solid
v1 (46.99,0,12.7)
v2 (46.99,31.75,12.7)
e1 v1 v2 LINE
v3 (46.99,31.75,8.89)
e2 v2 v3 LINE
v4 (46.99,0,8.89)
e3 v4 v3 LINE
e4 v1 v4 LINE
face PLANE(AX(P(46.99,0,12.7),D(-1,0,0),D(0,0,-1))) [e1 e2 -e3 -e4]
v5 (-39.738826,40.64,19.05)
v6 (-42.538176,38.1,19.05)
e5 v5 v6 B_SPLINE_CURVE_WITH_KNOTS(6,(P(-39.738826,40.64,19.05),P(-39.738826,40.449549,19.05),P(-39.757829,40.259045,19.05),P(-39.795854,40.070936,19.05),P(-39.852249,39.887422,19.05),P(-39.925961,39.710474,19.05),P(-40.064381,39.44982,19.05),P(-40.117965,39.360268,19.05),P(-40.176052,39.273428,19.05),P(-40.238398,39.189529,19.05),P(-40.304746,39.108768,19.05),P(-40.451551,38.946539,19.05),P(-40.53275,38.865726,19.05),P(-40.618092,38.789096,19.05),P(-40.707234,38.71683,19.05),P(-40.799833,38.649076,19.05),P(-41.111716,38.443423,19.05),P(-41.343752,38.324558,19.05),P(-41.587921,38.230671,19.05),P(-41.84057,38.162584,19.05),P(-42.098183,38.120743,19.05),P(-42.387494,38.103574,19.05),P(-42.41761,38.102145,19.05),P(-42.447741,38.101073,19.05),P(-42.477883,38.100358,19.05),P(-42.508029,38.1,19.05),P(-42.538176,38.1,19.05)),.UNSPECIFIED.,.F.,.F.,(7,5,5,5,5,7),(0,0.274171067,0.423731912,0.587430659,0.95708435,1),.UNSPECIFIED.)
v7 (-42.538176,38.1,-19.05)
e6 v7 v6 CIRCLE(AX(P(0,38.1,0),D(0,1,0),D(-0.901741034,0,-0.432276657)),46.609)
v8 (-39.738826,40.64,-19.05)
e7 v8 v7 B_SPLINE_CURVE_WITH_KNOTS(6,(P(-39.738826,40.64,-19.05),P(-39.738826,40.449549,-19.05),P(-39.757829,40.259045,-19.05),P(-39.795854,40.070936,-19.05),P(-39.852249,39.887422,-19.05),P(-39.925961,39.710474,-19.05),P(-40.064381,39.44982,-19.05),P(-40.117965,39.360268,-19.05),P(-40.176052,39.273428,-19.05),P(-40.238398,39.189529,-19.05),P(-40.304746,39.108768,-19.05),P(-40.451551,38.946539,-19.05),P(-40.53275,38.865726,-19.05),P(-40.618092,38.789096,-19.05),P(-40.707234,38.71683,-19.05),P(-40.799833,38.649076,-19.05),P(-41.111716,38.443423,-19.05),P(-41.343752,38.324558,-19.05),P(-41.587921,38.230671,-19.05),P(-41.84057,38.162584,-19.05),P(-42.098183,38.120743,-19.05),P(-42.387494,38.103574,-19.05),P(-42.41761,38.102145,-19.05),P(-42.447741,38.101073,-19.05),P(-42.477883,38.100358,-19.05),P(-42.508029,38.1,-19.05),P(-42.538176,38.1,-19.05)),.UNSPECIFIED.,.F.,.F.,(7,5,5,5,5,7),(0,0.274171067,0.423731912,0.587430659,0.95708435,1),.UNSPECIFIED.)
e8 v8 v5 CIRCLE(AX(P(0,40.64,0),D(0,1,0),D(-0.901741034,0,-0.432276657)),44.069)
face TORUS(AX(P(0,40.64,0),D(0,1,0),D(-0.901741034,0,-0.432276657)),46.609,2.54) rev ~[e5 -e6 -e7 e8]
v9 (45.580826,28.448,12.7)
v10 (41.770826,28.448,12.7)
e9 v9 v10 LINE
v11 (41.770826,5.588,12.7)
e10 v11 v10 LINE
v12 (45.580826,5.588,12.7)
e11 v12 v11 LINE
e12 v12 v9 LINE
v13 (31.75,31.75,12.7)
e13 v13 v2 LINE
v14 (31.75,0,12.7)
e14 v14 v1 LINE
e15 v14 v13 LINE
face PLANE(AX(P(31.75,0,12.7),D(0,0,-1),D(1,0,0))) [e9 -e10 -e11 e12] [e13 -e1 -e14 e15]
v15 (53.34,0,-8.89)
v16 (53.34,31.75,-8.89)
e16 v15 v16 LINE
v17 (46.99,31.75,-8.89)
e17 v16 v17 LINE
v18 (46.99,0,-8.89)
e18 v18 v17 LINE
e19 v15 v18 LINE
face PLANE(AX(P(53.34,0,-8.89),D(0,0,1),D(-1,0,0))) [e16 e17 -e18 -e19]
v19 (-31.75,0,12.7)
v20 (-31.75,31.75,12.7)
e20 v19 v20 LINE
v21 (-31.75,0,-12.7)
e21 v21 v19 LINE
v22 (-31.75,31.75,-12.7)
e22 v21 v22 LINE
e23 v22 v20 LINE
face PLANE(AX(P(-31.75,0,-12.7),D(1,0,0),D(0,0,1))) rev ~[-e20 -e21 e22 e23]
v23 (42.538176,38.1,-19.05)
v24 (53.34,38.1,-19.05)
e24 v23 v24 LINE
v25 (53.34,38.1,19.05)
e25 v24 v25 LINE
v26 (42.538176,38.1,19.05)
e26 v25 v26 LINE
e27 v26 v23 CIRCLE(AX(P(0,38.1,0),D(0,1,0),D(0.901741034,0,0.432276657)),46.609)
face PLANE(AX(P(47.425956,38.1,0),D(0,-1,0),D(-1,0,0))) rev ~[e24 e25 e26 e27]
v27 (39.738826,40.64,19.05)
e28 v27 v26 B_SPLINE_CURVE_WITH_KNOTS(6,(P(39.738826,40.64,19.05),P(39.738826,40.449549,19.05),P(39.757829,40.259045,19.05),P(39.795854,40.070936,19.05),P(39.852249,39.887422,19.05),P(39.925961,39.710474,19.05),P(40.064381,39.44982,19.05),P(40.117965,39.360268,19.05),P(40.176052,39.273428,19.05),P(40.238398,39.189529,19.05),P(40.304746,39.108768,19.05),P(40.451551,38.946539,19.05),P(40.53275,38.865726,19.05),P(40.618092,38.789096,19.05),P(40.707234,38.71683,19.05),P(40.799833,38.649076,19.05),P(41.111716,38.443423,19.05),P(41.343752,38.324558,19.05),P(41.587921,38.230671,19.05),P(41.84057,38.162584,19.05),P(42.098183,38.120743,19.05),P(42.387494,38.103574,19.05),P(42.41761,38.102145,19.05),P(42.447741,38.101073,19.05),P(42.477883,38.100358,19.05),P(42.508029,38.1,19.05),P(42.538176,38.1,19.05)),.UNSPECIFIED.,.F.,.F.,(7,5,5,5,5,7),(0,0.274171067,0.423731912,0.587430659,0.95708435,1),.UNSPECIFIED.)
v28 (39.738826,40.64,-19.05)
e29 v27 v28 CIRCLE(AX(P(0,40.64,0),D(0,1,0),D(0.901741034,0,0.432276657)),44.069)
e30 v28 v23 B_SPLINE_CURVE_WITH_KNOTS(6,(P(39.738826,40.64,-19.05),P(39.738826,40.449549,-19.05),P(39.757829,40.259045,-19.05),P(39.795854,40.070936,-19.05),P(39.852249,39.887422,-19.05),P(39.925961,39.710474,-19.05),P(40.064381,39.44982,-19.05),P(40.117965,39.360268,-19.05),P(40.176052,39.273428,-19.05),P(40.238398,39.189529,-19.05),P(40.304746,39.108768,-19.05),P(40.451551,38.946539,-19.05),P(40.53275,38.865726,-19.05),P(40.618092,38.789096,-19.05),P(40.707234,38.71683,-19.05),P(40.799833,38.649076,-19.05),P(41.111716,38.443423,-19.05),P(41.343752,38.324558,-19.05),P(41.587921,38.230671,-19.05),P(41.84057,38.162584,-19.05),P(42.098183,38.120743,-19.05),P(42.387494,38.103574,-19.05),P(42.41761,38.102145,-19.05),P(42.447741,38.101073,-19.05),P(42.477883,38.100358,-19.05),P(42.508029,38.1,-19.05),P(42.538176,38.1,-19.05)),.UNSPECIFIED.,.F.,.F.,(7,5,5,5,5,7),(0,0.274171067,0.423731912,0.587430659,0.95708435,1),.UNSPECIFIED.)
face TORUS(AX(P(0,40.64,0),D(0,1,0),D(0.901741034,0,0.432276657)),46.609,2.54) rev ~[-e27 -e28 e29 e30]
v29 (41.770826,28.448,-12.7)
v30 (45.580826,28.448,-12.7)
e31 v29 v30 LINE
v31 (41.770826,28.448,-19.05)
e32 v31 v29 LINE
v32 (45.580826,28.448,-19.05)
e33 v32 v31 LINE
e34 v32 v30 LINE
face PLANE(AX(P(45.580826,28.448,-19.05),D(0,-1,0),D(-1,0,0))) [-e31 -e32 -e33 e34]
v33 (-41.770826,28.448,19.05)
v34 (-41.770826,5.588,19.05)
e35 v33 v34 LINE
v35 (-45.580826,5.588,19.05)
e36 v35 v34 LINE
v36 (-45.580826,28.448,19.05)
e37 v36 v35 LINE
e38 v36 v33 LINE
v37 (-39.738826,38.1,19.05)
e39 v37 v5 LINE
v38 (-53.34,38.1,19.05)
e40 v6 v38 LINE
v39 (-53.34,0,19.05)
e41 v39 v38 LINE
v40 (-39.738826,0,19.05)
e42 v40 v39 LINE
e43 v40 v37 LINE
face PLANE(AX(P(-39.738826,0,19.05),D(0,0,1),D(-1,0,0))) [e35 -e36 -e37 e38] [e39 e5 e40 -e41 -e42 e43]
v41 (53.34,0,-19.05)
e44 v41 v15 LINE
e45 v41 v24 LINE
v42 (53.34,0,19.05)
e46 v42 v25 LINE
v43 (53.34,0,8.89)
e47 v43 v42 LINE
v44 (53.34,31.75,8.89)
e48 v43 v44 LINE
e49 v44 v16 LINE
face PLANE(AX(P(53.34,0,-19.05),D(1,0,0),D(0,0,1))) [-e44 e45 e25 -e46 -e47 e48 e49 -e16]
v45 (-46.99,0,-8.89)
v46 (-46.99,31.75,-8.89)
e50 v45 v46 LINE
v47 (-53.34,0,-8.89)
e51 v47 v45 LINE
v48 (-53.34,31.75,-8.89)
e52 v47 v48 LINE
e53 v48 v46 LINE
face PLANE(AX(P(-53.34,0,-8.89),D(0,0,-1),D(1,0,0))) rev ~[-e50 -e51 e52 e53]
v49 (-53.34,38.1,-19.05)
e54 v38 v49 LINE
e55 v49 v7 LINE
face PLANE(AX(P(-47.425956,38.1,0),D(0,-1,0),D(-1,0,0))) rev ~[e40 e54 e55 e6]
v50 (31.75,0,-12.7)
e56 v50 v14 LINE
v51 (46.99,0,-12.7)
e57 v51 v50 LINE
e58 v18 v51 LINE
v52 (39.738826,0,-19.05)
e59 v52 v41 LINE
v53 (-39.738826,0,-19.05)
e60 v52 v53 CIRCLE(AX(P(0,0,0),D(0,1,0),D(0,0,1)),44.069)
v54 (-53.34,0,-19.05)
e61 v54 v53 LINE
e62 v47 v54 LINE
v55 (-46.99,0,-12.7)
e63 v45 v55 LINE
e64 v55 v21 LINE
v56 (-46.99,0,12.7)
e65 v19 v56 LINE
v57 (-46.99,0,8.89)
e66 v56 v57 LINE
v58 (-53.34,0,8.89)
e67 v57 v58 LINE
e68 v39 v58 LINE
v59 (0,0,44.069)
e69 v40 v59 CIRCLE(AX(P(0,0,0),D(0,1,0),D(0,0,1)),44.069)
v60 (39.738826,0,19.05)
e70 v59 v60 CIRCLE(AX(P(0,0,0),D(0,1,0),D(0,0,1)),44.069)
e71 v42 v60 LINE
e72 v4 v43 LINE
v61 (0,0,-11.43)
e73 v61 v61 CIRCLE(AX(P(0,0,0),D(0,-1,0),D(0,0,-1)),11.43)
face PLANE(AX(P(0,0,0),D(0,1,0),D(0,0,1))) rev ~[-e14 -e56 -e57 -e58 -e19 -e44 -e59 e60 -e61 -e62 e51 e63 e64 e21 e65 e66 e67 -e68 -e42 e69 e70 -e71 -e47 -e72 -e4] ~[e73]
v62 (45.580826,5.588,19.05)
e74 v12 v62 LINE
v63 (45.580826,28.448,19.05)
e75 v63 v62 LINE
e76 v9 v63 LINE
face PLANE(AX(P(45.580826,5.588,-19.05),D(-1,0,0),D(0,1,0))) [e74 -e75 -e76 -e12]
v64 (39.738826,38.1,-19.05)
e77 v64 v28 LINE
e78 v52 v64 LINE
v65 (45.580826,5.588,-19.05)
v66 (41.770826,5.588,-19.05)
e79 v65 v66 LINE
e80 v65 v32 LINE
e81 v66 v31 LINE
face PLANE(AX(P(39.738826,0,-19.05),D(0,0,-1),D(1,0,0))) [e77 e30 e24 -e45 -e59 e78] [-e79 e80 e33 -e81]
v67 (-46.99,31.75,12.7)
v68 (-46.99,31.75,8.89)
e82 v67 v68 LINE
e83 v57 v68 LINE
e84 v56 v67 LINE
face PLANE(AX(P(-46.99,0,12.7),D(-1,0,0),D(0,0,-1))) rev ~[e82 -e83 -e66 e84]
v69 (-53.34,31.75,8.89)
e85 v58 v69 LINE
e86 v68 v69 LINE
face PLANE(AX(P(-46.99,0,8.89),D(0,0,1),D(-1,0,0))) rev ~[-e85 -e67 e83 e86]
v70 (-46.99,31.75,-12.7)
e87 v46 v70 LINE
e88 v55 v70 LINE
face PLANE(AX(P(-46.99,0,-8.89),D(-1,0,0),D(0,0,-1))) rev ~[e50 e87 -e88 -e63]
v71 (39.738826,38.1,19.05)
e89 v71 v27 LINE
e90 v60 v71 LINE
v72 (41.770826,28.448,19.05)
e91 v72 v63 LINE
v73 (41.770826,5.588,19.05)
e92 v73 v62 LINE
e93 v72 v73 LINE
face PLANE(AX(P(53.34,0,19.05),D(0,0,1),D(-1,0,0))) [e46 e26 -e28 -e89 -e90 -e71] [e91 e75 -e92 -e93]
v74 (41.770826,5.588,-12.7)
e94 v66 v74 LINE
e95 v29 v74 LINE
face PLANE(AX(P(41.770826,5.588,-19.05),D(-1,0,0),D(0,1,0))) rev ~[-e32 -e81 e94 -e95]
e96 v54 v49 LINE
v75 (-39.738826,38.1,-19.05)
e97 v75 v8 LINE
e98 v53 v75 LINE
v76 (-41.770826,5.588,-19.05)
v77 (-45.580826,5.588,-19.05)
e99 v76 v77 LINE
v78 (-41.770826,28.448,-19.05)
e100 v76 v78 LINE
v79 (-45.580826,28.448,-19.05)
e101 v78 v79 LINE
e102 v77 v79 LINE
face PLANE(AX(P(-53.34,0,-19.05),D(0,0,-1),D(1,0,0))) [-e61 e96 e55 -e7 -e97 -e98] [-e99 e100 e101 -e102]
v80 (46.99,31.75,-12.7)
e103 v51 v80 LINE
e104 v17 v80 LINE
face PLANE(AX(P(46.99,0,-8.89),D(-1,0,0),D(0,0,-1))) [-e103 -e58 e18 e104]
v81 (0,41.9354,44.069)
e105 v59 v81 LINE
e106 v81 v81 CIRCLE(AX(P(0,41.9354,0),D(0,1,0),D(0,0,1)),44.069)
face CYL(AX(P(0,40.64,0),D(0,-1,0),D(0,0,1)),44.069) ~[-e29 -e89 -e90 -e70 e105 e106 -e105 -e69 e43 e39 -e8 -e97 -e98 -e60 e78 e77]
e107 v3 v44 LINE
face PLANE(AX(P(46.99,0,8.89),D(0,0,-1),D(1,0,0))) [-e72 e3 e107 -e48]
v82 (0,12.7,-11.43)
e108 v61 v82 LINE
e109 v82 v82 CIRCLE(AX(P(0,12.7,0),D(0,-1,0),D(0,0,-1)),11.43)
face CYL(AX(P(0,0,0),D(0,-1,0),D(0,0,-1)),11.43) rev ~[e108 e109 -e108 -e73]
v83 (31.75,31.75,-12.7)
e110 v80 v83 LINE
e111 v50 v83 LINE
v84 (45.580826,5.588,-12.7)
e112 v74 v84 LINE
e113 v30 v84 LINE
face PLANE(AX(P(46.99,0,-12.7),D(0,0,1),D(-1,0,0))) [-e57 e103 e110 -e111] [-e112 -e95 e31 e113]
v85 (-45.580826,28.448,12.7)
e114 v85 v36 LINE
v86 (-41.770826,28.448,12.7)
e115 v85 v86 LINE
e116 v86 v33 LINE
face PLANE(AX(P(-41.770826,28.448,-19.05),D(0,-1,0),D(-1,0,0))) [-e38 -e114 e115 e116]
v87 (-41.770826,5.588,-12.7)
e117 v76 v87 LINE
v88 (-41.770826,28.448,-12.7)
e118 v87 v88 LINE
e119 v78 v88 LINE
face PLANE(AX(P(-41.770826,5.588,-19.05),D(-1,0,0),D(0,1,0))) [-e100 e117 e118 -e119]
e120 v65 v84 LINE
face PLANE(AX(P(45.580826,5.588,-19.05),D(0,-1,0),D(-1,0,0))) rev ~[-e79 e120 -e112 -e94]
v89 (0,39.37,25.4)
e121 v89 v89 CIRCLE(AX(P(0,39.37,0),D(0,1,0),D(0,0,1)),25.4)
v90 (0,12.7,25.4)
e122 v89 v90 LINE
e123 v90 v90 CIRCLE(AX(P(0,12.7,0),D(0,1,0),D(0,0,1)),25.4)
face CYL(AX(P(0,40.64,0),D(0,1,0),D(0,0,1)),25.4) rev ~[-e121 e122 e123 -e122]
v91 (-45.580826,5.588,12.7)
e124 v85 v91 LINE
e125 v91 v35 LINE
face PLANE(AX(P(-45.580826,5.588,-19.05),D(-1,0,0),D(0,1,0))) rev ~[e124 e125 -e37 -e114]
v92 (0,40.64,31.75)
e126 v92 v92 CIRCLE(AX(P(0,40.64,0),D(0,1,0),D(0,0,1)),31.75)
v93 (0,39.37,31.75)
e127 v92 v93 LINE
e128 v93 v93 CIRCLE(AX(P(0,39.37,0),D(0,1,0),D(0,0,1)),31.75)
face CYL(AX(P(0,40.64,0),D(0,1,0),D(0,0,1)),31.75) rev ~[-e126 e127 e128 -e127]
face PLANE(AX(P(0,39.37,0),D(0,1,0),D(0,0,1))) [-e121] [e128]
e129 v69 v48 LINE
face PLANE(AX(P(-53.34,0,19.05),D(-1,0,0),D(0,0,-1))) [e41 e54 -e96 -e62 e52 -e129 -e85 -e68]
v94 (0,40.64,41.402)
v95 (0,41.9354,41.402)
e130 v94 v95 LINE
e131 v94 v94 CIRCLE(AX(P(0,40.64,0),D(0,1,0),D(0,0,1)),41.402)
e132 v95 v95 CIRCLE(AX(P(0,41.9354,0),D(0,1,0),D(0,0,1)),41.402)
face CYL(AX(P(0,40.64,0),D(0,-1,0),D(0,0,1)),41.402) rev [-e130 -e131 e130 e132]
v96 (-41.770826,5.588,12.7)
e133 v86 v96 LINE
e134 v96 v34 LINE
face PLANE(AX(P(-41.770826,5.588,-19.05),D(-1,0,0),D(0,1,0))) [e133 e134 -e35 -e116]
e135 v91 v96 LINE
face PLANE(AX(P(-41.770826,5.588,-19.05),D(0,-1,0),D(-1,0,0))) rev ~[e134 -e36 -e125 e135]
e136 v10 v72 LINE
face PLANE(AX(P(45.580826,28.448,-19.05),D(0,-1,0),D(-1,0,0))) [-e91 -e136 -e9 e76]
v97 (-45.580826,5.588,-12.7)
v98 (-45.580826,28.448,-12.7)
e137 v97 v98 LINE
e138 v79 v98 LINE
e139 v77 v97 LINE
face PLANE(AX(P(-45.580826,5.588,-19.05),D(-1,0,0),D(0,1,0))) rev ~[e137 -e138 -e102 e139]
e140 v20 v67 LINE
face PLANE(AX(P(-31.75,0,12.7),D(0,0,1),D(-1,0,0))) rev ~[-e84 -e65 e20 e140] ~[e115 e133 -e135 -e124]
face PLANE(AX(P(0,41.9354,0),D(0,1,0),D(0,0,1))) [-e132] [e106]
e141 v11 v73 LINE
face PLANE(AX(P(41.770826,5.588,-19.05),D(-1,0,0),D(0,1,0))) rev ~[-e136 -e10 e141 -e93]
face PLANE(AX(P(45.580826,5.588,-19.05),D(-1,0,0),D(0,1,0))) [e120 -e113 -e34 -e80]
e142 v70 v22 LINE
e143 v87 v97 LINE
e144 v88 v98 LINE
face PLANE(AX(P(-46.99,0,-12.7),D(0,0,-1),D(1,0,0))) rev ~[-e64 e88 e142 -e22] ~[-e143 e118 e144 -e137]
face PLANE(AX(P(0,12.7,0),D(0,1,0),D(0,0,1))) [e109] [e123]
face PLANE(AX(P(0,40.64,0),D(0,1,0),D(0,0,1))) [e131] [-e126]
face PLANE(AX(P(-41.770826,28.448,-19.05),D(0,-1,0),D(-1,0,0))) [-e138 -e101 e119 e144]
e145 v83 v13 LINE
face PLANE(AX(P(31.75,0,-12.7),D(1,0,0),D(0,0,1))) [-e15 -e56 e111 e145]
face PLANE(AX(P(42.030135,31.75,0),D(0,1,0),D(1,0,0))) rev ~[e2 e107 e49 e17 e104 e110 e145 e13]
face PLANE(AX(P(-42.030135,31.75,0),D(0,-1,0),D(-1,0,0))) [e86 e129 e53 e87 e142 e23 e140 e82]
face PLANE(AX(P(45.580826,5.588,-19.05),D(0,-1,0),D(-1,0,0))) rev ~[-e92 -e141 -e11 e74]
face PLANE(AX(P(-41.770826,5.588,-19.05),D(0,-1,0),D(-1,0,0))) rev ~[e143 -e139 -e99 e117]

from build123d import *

# Parameters (mm, degrees)
SKETCH1_R           = 44.069
BOSS_EXTRUDE1_DEPTH = 40.64
SKETCH2_R           = 44.069
SKETCH2_R_2         = 41.402
BOSS_EXTRUDE2_DEPTH = 1.2954
BOSS_EXTRUDE3_DEPTH = 38.1
CUT_EXTRUDE1_DEPTH  = 31.75
SKETCH5_W           = 3.81
SKETCH5_H           = 22.86
CUT_EXTRUDE2_DEPTH  = 93.670068167
FILLET1_R           = 2.54
SKETCH7_R           = 25.4
CUT_EXTRUDE3_DEPTH  = 27.94
SKETCH8_R           = 11.43
CUT_EXTRUDE4_DEPTH  = 81.906181129
SKETCH9_R           = 31.75
CUT_EXTRUDE5_DEPTH  = 1.27


with BuildPart() as part:
    # Sketch1 → Boss-Extrude1 (new body)
    with BuildSketch(Plane(origin=(0, 0, 0), x_dir=(1, 0, 0), z_dir=(0, 1, 0))):
        with Locations(Location((0, 0, 0), (0, 0, 270))):
            Circle(SKETCH1_R)
    extrude(amount=BOSS_EXTRUDE1_DEPTH)

    # Sketch2 → Boss-Extrude2 (add)
    with BuildSketch(Plane(origin=(0, 40.64, 0), x_dir=(1, 0, 0), z_dir=(0, 1, 0))):
        with Locations(Location((0, 0, 0), (0, 0, 270))):
            Circle(SKETCH2_R)
        with Locations(Location((0, 0, 0), (0, 0, 270))):
            Circle(SKETCH2_R_2, mode=Mode.SUBTRACT)
    extrude(amount=BOSS_EXTRUDE2_DEPTH)

    # Sketch3 → Boss-Extrude3 (add)
    with BuildSketch(Plane(origin=(0, 0, 0), x_dir=(1, 0, 0), z_dir=(0, 1, 0))):
        with BuildLine():
            ThreePointArc((39.738825612, -19.05), (44.069, 0), (39.738825612, 19.05))
            Line((39.738825612, 19.05), (53.34, 19.05))
            Line((53.34, 19.05), (53.34, -19.05))
            Line((53.34, -19.05), (39.738825612, -19.05))
        make_face()
        with BuildLine():
            ThreePointArc((-39.738825612, 19.05), (-44.069, 0), (-39.738825612, -19.05))
            Line((-39.738825612, -19.05), (-53.34, -19.05))
            Line((-53.34, -19.05), (-53.34, 19.05))
            Line((-53.34, 19.05), (-39.738825612, 19.05))
        make_face()
    extrude(amount=BOSS_EXTRUDE3_DEPTH)

    # Sketch4 → Cut-Extrude1 (cut)
    with BuildSketch(Plane(origin=(0, 0, 0), x_dir=(1, 0, 0), z_dir=(0, 1, 0))):
        Polygon((-53.34, -8.89), (-53.34, 8.89), (-46.99, 8.89), (-46.99, 12.7), (-31.75, 12.7), (-31.75, -12.7), (-46.99, -12.7), (-46.99, -8.89), align=None)
        Polygon((46.99, -12.7), (46.99, -8.89), (53.34, -8.89), (53.34, 8.89), (46.99, 8.89), (46.99, 12.7), (31.75, 12.7), (31.75, -12.7), align=None)
    extrude(amount=CUT_EXTRUDE1_DEPTH, mode=Mode.SUBTRACT)

    # Sketch5 → Cut-Extrude2 (cut, through all)
    with BuildSketch(Plane(origin=(0, 0, -19.05), x_dir=(-1, 0, 0), z_dir=(0, 0, -1))):
        with Locations((43.675825612, 17.018)):
            Rectangle(SKETCH5_W, SKETCH5_H)
        with Locations((-43.675825612, 17.018)):
            Rectangle(SKETCH5_W, SKETCH5_H)
    extrude(amount=-CUT_EXTRUDE2_DEPTH, mode=Mode.SUBTRACT)

    # Fillet1
    fillet1_edges = [part.edges().sort_by_distance(p)[0] for p in [
        (44.069, 38.1, 0),
        (-44.069, 38.1, 0),
    ]]
    fillet(fillet1_edges, radius=FILLET1_R)

    # Sketch7 → Cut-Extrude3 (cut)
    with BuildSketch(Plane(origin=(0, 40.64, 0), x_dir=(1, 0, 0), z_dir=(0, 1, 0))):
        with Locations(Location((0, 0, 0), (0, 0, 270))):
            Circle(SKETCH7_R)
    extrude(amount=-CUT_EXTRUDE3_DEPTH, mode=Mode.SUBTRACT)

    # Sketch8 → Cut-Extrude4 (cut, through all)
    with BuildSketch(Plane.XZ):
        with Locations(Location((0, 0, 0), (0, 0, 270))):
            Circle(SKETCH8_R)
    extrude(amount=-CUT_EXTRUDE4_DEPTH, mode=Mode.SUBTRACT)

    # Sketch9 → Cut-Extrude5 (cut)
    with BuildSketch(Plane(origin=(0, 40.64, 0), x_dir=(1, 0, 0), z_dir=(0, 1, 0))):
        with Locations(Location((0, 0, 0), (0, 0, 270))):
            Circle(SKETCH9_R)
    extrude(amount=-CUT_EXTRUDE5_DEPTH, mode=Mode.SUBTRACT)


solid = part.part
